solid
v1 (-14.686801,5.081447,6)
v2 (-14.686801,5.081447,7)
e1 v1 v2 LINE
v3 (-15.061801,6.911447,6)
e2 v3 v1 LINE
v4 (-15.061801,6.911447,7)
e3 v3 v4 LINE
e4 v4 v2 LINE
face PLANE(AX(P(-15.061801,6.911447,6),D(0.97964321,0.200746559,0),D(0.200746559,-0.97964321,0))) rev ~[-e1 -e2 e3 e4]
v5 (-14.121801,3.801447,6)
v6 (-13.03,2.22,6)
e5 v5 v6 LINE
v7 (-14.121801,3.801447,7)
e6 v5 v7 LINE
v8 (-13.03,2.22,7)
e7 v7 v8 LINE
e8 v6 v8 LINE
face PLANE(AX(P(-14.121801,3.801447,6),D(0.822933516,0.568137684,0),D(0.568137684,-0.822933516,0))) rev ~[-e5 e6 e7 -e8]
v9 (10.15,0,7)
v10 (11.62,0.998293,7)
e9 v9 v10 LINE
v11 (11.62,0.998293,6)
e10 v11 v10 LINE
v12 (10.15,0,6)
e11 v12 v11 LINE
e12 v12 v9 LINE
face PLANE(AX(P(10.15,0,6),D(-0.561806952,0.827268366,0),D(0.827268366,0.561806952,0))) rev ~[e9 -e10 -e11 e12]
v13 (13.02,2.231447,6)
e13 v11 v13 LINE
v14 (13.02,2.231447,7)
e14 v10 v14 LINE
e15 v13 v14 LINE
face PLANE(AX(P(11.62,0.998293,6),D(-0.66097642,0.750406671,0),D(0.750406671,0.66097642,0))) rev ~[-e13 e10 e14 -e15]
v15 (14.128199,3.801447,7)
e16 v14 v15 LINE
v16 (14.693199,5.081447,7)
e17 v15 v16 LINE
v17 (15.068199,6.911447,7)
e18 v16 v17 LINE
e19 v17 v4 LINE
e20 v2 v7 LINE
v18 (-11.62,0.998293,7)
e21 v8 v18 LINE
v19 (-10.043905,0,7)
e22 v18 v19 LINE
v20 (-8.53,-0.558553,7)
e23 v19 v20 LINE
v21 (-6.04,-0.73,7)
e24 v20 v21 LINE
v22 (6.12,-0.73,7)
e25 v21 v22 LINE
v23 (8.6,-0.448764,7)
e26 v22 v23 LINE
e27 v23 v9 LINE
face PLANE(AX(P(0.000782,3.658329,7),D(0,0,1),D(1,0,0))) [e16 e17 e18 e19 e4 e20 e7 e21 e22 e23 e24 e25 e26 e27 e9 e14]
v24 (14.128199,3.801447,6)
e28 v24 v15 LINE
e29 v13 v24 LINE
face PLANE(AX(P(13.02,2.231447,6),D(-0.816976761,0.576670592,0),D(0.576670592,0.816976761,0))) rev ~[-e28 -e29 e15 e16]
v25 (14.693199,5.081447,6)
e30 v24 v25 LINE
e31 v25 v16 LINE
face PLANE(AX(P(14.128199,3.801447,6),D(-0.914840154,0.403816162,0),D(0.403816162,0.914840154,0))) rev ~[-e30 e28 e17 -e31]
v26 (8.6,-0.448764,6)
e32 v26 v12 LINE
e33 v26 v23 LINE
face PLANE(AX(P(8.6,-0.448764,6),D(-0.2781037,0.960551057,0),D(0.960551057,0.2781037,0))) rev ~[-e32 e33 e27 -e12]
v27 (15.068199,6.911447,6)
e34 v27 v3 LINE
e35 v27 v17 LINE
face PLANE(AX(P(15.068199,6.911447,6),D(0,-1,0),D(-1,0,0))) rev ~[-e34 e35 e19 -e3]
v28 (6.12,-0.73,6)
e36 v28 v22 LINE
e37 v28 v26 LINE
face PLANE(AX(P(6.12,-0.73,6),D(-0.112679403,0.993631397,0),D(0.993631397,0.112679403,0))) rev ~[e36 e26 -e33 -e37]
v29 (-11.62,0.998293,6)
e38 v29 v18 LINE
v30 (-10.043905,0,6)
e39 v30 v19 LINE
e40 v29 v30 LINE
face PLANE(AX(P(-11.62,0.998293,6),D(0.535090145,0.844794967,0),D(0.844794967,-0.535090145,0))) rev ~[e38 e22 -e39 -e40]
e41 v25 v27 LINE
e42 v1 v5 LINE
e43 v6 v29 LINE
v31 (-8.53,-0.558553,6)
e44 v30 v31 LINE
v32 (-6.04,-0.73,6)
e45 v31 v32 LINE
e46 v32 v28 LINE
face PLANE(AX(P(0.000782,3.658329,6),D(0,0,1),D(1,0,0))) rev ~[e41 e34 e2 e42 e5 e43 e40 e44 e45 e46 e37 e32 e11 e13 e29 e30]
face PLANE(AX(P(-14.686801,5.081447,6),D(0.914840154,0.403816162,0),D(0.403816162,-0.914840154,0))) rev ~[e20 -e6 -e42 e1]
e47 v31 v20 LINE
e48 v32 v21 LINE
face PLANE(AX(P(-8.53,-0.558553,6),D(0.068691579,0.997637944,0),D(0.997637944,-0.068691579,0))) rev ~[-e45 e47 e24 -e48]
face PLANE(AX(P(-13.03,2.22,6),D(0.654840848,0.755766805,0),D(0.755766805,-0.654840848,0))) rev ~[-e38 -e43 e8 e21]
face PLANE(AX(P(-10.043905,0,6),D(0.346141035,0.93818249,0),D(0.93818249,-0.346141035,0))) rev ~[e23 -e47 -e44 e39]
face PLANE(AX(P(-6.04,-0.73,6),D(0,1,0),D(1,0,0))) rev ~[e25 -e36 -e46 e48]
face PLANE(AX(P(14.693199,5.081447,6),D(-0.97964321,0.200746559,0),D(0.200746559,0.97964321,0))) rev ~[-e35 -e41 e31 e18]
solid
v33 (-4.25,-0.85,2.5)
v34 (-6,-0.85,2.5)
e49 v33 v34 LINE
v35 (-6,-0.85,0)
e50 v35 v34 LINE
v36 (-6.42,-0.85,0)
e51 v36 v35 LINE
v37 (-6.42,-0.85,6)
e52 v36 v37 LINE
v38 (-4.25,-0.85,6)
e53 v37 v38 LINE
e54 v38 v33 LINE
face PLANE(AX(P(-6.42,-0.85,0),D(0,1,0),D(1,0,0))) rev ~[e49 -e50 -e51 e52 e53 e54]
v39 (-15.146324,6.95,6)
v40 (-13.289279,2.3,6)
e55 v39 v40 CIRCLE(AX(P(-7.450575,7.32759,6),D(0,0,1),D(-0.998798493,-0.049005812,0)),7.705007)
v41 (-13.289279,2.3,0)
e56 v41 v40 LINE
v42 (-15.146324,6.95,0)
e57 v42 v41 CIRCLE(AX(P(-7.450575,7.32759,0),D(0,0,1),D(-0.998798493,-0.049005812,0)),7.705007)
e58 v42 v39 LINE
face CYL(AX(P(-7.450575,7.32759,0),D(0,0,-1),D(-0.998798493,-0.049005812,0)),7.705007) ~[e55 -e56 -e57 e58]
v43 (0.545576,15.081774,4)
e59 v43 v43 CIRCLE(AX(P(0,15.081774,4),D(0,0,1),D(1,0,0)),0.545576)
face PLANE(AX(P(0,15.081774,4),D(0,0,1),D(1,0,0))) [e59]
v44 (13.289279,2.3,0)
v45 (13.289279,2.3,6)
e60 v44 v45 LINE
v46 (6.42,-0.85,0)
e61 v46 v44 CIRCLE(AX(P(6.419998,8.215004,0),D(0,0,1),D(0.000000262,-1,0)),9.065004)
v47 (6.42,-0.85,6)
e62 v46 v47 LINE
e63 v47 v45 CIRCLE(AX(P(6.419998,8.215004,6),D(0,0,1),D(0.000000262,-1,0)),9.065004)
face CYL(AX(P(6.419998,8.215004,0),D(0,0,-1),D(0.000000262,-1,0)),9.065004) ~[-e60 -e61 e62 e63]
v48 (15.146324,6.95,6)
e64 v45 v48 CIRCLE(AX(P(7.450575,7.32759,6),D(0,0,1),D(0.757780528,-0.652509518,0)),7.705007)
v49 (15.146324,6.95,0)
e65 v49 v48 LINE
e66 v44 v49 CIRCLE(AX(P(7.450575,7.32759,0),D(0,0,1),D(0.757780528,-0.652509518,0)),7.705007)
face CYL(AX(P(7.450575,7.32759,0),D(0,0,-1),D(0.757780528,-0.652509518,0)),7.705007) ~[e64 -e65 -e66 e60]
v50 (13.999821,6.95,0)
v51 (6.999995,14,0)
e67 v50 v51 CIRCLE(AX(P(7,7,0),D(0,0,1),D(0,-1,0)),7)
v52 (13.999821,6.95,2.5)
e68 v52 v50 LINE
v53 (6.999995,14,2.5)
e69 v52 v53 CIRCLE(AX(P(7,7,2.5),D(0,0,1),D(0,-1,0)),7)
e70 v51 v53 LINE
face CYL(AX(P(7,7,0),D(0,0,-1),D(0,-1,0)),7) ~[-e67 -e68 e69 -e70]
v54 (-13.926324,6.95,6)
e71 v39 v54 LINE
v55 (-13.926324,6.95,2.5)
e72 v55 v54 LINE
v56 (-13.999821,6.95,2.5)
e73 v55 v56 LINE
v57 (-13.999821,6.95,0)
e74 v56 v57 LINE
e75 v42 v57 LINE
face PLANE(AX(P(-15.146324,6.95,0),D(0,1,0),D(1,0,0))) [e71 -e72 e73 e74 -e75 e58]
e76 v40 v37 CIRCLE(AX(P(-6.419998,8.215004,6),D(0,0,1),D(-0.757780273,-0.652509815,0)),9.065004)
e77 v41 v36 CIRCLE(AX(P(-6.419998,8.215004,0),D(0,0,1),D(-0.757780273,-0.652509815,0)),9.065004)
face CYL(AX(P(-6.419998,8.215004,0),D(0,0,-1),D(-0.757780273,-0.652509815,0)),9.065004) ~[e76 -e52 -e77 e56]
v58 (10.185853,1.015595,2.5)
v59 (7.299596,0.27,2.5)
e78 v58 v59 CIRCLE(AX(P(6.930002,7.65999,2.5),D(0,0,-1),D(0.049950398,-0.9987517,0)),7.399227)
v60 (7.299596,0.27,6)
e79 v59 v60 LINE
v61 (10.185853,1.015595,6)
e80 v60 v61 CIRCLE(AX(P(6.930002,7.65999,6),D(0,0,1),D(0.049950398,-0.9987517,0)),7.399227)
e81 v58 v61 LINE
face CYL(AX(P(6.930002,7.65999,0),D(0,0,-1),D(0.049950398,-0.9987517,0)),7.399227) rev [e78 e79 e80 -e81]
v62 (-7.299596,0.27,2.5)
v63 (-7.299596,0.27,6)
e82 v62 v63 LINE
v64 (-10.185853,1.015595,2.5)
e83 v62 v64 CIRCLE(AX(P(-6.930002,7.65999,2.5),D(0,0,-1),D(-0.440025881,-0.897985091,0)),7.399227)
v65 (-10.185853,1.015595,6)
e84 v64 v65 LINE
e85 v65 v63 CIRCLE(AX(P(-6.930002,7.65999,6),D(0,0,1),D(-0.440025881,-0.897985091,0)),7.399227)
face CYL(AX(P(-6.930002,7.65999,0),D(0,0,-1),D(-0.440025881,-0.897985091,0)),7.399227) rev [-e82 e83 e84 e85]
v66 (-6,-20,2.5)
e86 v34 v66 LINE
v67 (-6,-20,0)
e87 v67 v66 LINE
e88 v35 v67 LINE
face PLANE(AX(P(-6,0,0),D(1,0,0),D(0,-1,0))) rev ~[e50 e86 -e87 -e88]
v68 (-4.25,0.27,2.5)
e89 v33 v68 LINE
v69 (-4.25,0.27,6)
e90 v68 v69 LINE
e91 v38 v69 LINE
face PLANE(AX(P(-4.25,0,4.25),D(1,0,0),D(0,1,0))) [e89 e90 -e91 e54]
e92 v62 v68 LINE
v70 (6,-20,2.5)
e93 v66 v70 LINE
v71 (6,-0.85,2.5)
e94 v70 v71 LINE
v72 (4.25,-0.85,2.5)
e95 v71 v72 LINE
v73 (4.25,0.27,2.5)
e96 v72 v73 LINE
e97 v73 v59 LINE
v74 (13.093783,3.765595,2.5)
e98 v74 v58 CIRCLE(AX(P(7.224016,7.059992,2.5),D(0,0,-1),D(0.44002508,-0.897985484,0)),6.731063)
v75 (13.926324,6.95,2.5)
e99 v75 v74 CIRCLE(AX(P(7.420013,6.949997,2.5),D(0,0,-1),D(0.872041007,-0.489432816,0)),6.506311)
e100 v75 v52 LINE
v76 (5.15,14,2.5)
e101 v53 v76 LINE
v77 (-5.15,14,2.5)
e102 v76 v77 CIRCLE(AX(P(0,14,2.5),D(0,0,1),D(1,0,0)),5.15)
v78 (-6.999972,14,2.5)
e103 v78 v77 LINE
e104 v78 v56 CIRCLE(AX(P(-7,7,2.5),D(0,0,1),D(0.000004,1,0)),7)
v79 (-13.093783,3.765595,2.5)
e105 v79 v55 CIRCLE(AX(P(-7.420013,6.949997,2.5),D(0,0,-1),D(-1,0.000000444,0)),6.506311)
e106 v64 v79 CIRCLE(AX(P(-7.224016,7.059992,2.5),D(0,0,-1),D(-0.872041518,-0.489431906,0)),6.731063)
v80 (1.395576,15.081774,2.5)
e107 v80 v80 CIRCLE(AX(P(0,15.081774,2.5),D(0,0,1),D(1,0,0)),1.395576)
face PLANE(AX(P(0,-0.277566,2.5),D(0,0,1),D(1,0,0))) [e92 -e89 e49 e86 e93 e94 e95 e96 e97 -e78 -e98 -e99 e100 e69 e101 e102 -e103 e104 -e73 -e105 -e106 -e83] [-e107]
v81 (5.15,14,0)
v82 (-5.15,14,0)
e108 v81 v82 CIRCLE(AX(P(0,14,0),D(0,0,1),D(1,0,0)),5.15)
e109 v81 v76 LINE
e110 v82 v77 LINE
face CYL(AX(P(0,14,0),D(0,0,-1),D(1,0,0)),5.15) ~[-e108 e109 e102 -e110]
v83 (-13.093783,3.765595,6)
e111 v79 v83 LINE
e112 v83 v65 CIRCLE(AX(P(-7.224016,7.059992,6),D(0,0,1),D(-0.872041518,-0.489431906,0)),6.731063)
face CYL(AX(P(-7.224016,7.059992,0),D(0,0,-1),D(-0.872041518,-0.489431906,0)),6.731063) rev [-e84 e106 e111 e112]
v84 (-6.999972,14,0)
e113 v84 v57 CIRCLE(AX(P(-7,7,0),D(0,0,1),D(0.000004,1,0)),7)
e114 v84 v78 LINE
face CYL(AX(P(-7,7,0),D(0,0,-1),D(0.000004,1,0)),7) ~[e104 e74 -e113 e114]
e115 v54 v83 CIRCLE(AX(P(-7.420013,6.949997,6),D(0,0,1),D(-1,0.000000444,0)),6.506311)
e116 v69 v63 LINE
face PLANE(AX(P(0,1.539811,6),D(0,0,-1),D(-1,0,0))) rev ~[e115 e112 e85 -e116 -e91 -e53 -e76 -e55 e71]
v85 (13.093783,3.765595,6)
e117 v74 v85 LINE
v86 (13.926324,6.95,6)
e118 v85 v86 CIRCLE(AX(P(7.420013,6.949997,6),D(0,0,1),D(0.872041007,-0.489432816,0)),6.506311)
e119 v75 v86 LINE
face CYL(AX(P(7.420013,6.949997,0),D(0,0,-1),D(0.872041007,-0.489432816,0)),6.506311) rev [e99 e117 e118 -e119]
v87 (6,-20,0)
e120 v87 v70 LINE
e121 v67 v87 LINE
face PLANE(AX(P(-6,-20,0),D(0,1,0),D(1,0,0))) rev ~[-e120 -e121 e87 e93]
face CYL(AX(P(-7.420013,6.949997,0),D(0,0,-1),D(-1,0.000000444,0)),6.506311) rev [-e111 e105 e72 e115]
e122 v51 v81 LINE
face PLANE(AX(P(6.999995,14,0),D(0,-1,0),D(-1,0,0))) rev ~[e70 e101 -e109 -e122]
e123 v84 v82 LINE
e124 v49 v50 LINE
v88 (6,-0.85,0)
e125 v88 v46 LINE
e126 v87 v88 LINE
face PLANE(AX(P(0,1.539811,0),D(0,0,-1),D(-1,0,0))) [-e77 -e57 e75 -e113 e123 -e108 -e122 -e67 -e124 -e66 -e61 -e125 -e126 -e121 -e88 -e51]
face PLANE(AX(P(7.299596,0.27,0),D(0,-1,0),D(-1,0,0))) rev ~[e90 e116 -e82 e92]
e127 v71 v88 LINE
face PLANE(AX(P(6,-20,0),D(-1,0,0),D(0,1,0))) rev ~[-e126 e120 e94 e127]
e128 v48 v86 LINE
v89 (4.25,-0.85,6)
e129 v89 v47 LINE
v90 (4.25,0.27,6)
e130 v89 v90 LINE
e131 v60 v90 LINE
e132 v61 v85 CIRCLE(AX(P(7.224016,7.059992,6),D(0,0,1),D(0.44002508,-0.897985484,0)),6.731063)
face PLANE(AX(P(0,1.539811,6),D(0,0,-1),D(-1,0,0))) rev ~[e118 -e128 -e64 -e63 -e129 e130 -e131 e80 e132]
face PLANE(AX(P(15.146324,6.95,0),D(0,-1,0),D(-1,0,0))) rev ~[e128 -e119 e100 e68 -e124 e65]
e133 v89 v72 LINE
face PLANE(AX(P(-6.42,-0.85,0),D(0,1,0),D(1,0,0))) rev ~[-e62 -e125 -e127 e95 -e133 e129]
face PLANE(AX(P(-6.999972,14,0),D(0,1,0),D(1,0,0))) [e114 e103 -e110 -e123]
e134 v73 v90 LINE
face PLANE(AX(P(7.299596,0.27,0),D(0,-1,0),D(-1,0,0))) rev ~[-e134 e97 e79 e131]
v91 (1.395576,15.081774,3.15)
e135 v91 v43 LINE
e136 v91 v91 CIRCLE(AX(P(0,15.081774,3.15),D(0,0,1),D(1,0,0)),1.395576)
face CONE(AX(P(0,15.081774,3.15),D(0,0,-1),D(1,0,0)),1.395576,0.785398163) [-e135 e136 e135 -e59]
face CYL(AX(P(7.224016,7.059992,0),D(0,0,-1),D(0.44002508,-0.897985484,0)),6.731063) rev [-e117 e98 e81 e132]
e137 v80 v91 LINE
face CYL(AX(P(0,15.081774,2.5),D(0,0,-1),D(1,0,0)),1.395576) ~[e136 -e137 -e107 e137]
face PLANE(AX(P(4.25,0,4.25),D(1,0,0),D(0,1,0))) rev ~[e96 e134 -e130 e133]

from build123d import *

# Parameters (mm, degrees)
PAD001_DEPTH    = 2.5
PAD_DEPTH       = 6
SKETCH008_W     = 12.02
SKETCH008_H     = 3.5
POCKET001_DEPTH = 8.5
SKETCH009_R     = 1.395576
PAD003_DEPTH    = 1.5
CHAMFER_SIZE    = 0.85
PAD002_DEPTH    = 1


with BuildPart() as body_key_holder_id_badge:
    # Sketch → Pad001 (new body)
    with BuildSketch(Plane.XY):
        with BuildLine():
            Line((-6, 0), (-6, -20))
            Line((-6, -20), (6, -20))
            Line((6, -20), (6, 0))
            Line((6, 0), (7, 0))
            ThreePointArc((7, 0), (14, 7.000002), (6.999995, 14))
            Line((6.999995, 14), (5.15, 14))
            ThreePointArc((5.15, 14), (0, 19.15), (-5.15, 14))
            Line((-6.999972, 14), (-5.15, 14))
            ThreePointArc((-6.999972, 14), (-14, 7.000014), (-7, 0))
            Line((-6, 0), (-7, 0))
        make_face()
    extrude(amount=PAD001_DEPTH)

    # Sketch007 → Pad (join)
    with BuildSketch(Plane.XY):
        with BuildLine():
            Line((-4.26, -0.85), (-6.42, -0.85))
            ThreePointArc((-13.289279, 2.3), (-10.198541, -0.024954), (-6.42, -0.85))
            ThreePointArc((-15.146324, 6.95), (-14.606061, 4.469943), (-13.289279, 2.3))
            Line((-15.146324, 6.95), (-13.926324, 6.95))
            ThreePointArc((-13.926324, 6.95), (-13.714749, 5.304281), (-13.093783, 3.765595))
            ThreePointArc((-13.093783, 3.765595), (-11.848941, 2.169462), (-10.185853, 1.015595))
            ThreePointArc((-10.185853, 1.015595), (-8.780661, 0.49594), (-7.299596, 0.27))
            Line((-7.299596, 0.27), (-4.325, 0.27))
            Line((-4.325, 0.27), (4.325, 0.27))
            Line((7.299596, 0.27), (4.325, 0.27))
            ThreePointArc((7.299596, 0.27), (8.780661, 0.49594), (10.185853, 1.015595))
            ThreePointArc((10.185853, 1.015595), (11.848941, 2.169462), (13.093783, 3.765595))
            ThreePointArc((13.093783, 3.765595), (13.714749, 5.304281), (13.926324, 6.95))
            Line((15.146324, 6.95), (13.926324, 6.95))
            ThreePointArc((13.289279, 2.3), (14.606061, 4.469943), (15.146324, 6.95))
            ThreePointArc((6.42, -0.85), (10.198541, -0.024954), (13.289279, 2.3))
            Line((4.26, -0.85), (6.42, -0.85))
            Line((-4.26, -0.85), (4.26, -0.85))
        make_face()
    extrude(amount=PAD_DEPTH)

    # Sketch008 (on Face31 of Pad) → Pocket001 (cut)
    with BuildSketch(Plane.YZ.offset(4.25)):
        with Locations((0, 4.25)):
            Rectangle(SKETCH008_W, SKETCH008_H)
    extrude(amount=-POCKET001_DEPTH, mode=Mode.SUBTRACT)

    # Sketch009 (on Face4 of Pocket001) → Pad003 (join)
    with BuildSketch(Plane.XY.offset(2.5)):
        with Locations((0, 15.081774)):
            Circle(SKETCH009_R)
    extrude(amount=PAD003_DEPTH)

    # Chamfer
    chamfer_edges = [body_key_holder_id_badge.edges().sort_by_distance(p)[0] for p in [
        (-1.395576, 15.081774, 4),
    ]]
    chamfer(chamfer_edges, length=CHAMFER_SIZE)


with BuildPart() as body_top:
    # Sketch005 → Pad002 (new body)
    with BuildSketch(Plane.XY.offset(6)):
        Polygon((-15.061801, 6.911447), (-14.686801, 5.081447), (-14.121801, 3.801447), (-13.03, 2.22), (-11.62, 0.998293), (-10.043905, 0), (-8.53, -0.558553), (-6.04, -0.73), (6.12, -0.73), (8.6, -0.448764), (10.15, 0), (11.62, 0.998293), (13.02, 2.231447), (14.128199, 3.801447), (14.693199, 5.081447), (15.068199, 6.911447), align=None)
    extrude(amount=PAD002_DEPTH)


solid = Compound([body_key_holder_id_badge.part, body_top.part])
